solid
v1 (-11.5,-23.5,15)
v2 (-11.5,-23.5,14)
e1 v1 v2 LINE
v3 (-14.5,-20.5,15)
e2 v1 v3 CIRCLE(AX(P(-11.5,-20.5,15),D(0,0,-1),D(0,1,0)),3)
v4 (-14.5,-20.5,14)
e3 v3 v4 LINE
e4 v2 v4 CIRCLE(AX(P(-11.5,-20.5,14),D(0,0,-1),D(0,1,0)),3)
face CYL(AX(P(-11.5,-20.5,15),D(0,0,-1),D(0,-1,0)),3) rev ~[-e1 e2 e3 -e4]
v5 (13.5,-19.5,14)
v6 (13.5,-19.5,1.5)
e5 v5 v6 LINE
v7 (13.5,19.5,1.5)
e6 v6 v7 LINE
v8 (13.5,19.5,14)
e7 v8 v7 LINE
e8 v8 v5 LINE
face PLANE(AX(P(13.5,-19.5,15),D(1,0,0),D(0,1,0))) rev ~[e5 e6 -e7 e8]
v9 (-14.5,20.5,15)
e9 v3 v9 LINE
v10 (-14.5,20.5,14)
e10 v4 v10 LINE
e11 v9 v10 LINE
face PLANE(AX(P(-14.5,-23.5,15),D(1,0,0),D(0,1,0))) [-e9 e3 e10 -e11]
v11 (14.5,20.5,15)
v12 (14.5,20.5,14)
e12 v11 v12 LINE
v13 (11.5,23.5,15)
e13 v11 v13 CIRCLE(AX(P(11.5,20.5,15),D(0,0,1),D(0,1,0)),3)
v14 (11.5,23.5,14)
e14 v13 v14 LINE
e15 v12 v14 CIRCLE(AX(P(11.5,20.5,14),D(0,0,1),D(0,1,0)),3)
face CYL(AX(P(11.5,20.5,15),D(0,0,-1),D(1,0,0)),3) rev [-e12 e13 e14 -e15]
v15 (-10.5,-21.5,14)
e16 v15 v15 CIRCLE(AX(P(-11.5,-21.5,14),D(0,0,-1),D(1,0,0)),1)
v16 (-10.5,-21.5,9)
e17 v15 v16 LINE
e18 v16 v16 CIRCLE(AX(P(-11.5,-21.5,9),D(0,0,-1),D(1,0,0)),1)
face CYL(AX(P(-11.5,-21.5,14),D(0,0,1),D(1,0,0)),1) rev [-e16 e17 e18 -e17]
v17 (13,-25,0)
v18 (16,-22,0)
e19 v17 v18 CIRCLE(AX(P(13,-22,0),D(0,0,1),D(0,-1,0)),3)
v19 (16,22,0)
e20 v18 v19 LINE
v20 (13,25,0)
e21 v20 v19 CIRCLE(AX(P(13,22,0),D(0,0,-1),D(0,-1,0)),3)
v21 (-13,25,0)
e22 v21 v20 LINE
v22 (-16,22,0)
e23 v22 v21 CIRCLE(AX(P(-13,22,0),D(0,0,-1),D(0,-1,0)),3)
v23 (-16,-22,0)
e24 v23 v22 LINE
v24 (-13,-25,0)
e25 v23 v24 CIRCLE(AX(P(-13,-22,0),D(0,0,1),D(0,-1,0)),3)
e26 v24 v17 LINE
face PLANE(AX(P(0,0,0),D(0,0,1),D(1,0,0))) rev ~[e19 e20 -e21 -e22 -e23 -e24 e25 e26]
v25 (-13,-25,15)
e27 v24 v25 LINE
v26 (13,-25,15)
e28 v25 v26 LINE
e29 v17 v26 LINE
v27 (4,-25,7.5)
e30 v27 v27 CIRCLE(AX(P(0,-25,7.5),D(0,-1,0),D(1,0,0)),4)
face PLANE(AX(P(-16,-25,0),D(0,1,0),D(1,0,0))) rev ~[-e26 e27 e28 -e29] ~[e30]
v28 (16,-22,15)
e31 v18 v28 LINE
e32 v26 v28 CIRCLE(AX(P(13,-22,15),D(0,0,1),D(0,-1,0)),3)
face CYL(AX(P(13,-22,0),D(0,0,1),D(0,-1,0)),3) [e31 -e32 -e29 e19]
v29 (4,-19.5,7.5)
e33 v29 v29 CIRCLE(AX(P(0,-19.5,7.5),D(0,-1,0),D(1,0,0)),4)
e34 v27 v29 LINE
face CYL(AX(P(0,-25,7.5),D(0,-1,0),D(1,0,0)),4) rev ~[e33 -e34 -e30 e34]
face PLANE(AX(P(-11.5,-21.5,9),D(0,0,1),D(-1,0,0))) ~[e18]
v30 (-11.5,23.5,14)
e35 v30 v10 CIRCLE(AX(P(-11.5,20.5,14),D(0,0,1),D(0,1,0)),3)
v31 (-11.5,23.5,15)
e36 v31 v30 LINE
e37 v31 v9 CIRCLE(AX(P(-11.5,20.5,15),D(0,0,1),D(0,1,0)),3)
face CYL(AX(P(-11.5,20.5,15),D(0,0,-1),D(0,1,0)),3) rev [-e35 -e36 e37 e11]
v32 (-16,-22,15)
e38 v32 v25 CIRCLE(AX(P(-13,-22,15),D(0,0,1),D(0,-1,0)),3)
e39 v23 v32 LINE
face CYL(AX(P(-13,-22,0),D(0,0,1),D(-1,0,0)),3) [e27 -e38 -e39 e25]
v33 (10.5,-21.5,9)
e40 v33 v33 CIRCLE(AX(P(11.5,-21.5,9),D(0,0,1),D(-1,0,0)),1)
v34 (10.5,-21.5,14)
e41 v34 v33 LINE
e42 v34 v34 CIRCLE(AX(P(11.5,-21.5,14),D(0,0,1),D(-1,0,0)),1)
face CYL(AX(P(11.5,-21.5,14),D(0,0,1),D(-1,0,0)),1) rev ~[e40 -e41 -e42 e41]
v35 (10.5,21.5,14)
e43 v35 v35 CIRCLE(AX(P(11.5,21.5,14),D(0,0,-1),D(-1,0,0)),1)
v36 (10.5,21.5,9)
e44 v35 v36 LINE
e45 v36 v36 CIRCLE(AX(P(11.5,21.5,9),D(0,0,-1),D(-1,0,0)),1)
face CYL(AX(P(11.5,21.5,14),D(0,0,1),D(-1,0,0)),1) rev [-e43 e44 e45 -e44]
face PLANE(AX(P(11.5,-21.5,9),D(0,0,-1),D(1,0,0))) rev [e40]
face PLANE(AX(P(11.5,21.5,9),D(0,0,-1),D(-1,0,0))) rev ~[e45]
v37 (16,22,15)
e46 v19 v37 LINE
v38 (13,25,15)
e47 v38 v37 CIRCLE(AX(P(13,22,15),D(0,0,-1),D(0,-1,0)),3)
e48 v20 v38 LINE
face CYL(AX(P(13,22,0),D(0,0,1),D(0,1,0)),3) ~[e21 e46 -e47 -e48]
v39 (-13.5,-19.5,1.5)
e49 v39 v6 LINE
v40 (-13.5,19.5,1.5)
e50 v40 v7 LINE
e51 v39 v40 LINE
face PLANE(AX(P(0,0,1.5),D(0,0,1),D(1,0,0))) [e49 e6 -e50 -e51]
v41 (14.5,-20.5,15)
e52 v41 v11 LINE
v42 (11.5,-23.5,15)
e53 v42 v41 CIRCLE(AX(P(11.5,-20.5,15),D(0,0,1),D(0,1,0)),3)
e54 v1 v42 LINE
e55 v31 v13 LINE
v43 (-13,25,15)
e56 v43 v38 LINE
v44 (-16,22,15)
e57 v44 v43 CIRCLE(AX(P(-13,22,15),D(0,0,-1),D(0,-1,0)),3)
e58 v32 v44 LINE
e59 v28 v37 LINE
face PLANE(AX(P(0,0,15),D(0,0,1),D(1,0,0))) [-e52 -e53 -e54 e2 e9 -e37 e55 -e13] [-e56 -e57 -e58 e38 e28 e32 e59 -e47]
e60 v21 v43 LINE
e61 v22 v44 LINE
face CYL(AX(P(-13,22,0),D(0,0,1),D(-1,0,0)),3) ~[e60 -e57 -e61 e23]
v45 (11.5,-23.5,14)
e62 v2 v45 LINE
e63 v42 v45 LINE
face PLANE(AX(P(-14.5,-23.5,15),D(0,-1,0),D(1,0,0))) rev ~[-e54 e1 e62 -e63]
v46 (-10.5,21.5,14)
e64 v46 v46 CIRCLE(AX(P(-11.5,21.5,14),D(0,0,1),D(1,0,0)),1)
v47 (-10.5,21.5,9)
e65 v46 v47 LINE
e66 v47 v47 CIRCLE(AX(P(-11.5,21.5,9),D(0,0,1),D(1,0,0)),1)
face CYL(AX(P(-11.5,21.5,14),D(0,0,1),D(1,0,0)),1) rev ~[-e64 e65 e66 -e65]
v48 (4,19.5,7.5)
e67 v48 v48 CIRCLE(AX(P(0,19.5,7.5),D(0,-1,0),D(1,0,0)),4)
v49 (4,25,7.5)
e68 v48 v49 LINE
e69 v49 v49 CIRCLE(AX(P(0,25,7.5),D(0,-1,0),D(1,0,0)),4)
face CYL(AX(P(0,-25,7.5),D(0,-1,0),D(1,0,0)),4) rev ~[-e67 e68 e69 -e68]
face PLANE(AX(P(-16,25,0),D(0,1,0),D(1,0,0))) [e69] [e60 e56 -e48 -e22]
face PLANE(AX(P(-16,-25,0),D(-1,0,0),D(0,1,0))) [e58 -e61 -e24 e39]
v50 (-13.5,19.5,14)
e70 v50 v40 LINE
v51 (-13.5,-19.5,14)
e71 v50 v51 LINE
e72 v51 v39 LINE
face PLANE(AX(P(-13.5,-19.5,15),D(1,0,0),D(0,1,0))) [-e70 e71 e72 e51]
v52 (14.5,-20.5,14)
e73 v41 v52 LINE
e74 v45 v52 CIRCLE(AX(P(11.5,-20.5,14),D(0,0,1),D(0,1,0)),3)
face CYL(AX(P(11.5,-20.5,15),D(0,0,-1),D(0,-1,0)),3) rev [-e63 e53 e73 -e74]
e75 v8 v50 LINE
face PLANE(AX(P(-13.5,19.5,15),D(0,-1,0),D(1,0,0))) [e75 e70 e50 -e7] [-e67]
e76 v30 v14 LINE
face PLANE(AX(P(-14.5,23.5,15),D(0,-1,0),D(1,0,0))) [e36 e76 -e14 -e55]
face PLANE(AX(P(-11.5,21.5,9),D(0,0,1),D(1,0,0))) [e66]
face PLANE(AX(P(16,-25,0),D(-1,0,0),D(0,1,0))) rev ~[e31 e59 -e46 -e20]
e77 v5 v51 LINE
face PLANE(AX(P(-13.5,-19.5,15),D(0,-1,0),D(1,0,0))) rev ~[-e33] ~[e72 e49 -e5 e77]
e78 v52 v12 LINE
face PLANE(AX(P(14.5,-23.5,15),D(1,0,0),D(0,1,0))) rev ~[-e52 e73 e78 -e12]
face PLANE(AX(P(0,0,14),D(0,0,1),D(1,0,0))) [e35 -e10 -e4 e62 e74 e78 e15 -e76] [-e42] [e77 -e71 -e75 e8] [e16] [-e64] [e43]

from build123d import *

# Parameters (mm, degrees)
SKETCH_W                      = 32
SKETCH_H                      = 50
PAD_DEPTH                     = 15
SKETCH001_W                   = 27
SKETCH001_H                   = 39
POCKET_DEPTH                  = 13.5
FILLET_R                      = 3
SKETCH002_W                   = 29
SKETCH002_H                   = 47
POCKET001_DEPTH               = 1
FILLET001_R                   = 3
SKETCH003_R                   = 4
POCKET002_DEPTH               = 50.001
SKETCH007_R                   = 1
POCKET004_DEPTH               = 5
SKETCH007_MIRRORED002_2_R     = 1
POCKET004_MIRRORED002_2_DEPTH = 5


with BuildPart() as part:
    # Sketch → Pad (new body)
    with BuildSketch(Plane.XY):
        Rectangle(SKETCH_W, SKETCH_H)
    extrude(amount=PAD_DEPTH)

    # Sketch001 (on Face6 of Pad) → Pocket (cut)
    with BuildSketch(Plane.XY.offset(15)):
        Rectangle(SKETCH001_W, SKETCH001_H)
    extrude(amount=-POCKET_DEPTH, mode=Mode.SUBTRACT)

    # Fillet
    fillet_edges = [part.edges().sort_by_distance(p)[0] for p in [
        (-16, -25, 7.5),
        (16, -25, 7.5),
        (-16, 25, 7.5),
        (16, 25, 7.5),
    ]]
    fillet(fillet_edges, radius=FILLET_R)

    # Sketch002 (on Face5 of Fillet) → Pocket001 (cut)
    with BuildSketch(Plane.XY.offset(15)):
        Rectangle(SKETCH002_W, SKETCH002_H)
    extrude(amount=-POCKET001_DEPTH, mode=Mode.SUBTRACT)

    # Fillet001
    fillet001_edges = [part.edges().sort_by_distance(p)[0] for p in [
        (-14.5, 23.5, 14.5),
        (14.5, 23.5, 14.5),
        (-14.5, -23.5, 14.5),
        (14.5, -23.5, 14.5),
    ]]
    fillet(fillet001_edges, radius=FILLET001_R)

    # Sketch003 (on Face17 of Fillet001) → Pocket002 (cut, through all)
    with BuildSketch(Plane.XZ.offset(25)):
        with Locations((0, 7.5)):
            Circle(SKETCH003_R)
    extrude(amount=-POCKET002_DEPTH, mode=Mode.SUBTRACT)

    # Sketch007 (on Face18 of Pocket002) → Pocket004 (cut)
    with BuildSketch(Plane.XY.offset(14)):
        with Locations((-11.5, 21.5)):
            Circle(SKETCH007_R)
    pocket004 = extrude(amount=-POCKET004_DEPTH, mode=Mode.SUBTRACT)

    # Sketch007 Mirrored002 2 → Pocket004 Mirrored002 2 (cut)
    with BuildSketch(Plane(origin=(0, 0, 14), x_dir=(-1, 0, 0), z_dir=(0, 0, -1))):
        with Locations((-11.5, 21.5)):
            Circle(SKETCH007_MIRRORED002_2_R)
    pocket004_mirrored002_2 = extrude(amount=POCKET004_MIRRORED002_2_DEPTH, mode=Mode.SUBTRACT)

    # Mirrored003: Pocket004, Pocket004 Mirrored002 2 across Sketch007 H_Axis
    add(pocket004.mirror(Plane(origin=(0, 0, 14), x_dir=(0, 0, 1), z_dir=(0, 1, 0))), mode=Mode.SUBTRACT)
    add(pocket004_mirrored002_2.mirror(Plane(origin=(0, 0, 14), x_dir=(0, 0, 1), z_dir=(0, 1, 0))), mode=Mode.SUBTRACT)


solid = part.part
